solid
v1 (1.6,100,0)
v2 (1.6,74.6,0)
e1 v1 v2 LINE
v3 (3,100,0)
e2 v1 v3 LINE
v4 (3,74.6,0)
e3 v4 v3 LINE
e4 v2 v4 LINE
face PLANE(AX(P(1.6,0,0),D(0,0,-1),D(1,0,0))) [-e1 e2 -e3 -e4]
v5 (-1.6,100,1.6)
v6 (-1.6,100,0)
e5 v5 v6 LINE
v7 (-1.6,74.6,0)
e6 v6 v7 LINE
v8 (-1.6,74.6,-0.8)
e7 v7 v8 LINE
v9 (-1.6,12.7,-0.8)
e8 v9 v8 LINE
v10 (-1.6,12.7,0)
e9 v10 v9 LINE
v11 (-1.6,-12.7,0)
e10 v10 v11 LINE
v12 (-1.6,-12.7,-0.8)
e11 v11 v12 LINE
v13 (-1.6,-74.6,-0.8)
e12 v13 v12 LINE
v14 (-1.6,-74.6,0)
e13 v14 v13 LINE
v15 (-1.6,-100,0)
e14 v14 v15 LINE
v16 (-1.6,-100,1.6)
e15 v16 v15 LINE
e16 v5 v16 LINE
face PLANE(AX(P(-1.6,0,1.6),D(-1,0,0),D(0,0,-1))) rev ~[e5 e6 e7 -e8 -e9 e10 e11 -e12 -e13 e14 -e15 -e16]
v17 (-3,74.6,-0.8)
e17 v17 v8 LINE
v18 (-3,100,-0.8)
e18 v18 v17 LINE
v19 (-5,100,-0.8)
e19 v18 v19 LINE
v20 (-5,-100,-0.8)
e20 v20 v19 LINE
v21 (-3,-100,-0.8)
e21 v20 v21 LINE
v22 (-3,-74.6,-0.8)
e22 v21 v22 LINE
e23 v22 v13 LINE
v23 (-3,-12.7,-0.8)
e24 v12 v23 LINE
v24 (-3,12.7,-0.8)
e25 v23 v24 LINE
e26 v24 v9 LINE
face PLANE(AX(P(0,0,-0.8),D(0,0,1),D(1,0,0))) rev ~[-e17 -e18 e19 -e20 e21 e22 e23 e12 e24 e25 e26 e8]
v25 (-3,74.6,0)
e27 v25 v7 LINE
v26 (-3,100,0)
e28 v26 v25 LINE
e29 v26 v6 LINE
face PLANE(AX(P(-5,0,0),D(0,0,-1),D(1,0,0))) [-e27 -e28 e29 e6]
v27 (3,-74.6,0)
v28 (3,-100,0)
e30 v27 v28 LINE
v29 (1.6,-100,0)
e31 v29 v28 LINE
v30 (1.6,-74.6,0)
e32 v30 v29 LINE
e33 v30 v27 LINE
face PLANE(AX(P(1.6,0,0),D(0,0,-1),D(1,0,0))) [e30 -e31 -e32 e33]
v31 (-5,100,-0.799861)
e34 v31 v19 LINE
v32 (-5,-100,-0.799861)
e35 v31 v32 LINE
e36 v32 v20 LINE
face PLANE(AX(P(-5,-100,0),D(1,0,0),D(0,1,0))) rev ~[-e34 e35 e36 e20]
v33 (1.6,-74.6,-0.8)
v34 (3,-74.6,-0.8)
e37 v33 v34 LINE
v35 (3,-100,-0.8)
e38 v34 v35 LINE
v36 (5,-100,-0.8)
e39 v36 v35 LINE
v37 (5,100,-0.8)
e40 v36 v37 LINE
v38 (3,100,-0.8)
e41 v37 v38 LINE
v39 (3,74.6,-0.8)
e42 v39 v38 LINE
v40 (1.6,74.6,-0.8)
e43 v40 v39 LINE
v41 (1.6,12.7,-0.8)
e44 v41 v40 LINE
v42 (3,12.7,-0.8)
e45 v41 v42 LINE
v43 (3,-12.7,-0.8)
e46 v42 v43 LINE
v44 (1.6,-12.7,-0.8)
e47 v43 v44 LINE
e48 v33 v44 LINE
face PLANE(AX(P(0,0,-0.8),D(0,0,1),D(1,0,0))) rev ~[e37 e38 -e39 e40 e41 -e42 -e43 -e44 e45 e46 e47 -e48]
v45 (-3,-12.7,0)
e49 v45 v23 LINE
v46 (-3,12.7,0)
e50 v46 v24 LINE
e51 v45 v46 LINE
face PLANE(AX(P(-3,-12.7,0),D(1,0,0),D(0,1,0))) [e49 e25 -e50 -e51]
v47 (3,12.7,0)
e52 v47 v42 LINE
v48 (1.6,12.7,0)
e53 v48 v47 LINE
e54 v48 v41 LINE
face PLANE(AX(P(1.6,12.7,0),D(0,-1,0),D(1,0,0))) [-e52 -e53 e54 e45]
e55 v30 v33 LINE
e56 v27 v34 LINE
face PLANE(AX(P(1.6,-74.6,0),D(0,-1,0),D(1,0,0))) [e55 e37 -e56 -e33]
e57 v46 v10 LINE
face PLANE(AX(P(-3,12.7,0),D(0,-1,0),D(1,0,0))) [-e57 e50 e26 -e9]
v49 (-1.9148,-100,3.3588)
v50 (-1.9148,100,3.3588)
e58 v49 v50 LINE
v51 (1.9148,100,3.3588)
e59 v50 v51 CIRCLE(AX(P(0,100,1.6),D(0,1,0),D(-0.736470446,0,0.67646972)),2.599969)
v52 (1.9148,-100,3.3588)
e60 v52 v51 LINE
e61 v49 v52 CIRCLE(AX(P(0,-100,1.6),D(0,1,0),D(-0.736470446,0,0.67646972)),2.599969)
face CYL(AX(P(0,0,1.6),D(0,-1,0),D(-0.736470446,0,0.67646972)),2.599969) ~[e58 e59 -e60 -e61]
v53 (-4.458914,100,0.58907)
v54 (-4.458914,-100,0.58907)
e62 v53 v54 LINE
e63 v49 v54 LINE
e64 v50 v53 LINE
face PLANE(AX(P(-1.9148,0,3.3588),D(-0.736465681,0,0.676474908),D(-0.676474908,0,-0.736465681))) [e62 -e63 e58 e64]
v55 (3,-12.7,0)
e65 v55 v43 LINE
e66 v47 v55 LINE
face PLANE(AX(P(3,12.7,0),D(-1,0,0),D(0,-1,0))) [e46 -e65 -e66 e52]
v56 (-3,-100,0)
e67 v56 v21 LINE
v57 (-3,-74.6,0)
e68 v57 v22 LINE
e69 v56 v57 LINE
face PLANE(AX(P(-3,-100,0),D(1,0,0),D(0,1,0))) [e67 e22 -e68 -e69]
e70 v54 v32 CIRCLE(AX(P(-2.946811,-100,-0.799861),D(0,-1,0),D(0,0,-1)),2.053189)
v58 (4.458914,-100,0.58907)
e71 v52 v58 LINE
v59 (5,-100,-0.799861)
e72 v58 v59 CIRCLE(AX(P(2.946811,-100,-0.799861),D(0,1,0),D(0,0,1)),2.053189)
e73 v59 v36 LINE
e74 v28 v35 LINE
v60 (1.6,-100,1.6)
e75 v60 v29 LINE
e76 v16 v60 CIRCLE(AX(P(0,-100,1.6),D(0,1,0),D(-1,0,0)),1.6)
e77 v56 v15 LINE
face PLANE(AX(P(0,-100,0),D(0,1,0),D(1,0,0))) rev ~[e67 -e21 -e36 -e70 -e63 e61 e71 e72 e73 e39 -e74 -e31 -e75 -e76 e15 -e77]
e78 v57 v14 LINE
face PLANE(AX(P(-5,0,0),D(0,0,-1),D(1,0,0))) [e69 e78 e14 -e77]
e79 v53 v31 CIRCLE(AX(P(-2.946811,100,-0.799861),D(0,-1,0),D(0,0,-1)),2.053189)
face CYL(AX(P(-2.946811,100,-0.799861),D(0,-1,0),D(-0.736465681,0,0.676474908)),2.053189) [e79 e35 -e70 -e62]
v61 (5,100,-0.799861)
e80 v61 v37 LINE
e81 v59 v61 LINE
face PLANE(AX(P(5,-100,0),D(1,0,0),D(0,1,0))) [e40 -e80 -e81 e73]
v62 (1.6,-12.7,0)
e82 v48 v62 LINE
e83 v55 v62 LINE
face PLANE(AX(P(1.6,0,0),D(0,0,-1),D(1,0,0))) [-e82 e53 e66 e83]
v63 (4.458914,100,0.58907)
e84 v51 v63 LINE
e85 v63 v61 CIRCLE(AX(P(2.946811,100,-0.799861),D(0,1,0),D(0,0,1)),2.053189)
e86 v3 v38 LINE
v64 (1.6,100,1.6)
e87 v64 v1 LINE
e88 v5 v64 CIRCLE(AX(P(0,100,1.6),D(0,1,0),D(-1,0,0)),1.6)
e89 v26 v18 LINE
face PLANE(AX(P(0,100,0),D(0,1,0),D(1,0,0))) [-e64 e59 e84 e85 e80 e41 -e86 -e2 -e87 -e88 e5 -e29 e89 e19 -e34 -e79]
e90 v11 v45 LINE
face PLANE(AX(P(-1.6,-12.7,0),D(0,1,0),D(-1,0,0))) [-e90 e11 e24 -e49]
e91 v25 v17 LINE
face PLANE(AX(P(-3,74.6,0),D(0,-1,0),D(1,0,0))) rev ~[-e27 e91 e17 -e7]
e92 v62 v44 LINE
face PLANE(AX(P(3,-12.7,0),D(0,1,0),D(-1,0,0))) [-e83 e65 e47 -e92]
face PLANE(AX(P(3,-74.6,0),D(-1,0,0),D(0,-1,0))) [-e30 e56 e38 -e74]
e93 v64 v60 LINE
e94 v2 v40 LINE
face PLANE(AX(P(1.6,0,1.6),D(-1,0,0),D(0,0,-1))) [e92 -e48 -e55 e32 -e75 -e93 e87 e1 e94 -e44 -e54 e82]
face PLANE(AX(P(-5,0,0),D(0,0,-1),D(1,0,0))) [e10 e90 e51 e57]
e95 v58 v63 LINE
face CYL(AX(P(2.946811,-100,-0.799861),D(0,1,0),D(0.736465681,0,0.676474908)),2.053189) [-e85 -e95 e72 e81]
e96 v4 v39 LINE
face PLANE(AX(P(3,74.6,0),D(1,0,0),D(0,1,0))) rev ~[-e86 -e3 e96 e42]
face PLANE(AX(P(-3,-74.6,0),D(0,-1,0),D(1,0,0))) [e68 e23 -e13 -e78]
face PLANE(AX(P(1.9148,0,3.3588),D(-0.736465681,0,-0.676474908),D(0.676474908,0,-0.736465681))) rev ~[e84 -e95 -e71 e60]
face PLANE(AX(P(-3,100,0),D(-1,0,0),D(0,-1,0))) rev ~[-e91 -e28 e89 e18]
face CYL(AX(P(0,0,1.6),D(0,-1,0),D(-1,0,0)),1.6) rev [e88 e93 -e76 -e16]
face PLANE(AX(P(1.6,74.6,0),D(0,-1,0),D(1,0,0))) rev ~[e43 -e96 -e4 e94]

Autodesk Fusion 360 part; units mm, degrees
sketch "Sketch1" plane through (0, 0, 0) normal (0, 1, 0) x (1, 0, 0) in component "Main"
  arc A0 (-1.9148, -3.3588) -> (1.9148, -3.3588) centre (0, -1.6) ccw
  line L0 (-1.9148, -3.3588) -> (-5, 0)
  line L1 (1.9148, -3.3588) -> (5, 0)
  line L2 (-5, 0) -> (5, 0)
  line L3 (0, -1.6) -> (0, 0) construction
  circle A1 centre (0, -1.6) radius 1.5 construction
  arc A2 (-1.6, -1.6) -> (1.6, -1.6) centre (0, -1.6) ccw
  line L4 (-1.6, -1.6) -> (-1.6, 0)
  line L5 (1.6, -1.6) -> (1.6, 0)
  point P0 (0, -0.1)
  dimension "d3" = 0.1
  dimension "d4" = 3
  dimension "d5" = 0.1
  dimension "d6" = 1
  dimension "d7" = 85.137
  dimension "d12" = 10
extrude "Extrude1" add sketch "Sketch1" along normal mid plane 200 contours A0 L0 L1 L2 A2 L4 L5 in component "Main"
sketch "Sketch2" plane through (0, 0, 0) normal (0, 0, 1) x (1, 0, 0) in component "Main"
  line L0 (-5, -100) -> (-5, 100)
  line L1 (5, -100) -> (5, 100)
  line L2 (3, -100) -> (-3, -100)
  line L3 (-3, -100) -> (-3, -74.6)
  line L4 (-3, -74.6) -> (3, -74.6)
  line L5 (3, -74.6) -> (3, -100)
  line L6 (-5, -100) -> (3, -74.6) construction
  line L7 (5, -100) -> (-3, -74.6) construction
  line L8 (3, 100) -> (-3, 100)
  line L9 (-3, 100) -> (-3, 74.6)
  line L10 (-3, 74.6) -> (3, 74.6)
  line L11 (3, 74.6) -> (3, 100)
  line L12 (3, -12.7) -> (-3, -12.7)
  line L13 (-3, -12.7) -> (-3, 12.7)
  line L14 (-3, 12.7) -> (3, 12.7)
  line L15 (3, 12.7) -> (3, -12.7)
  line L16 (3, 0) -> (-3, 0) construction
  line L17 (-5, -100) -> (-3, -100)
  line L18 (5, -100) -> (3, -100)
  line L19 (5, 100) -> (3, 100)
  line L20 (-3, 100) -> (-5, 100)
  line L21 (1.6, -100) -> (1.6, 100)
  line L22 (-1.6, -100) -> (-1.6, 100)
  dimension "d17" = 25.4
  dimension "d18" = 2
  dimension "d19" = 25.4
  dimension "d20" = 25.4
extrude "Extrude2" add sketch "Sketch2" against normal blind 0.8 contours L0 L3 L4 L9 L10 L12 L13 L14 L17 L20 L22 | L1 L4 L5 L10 L11 L12 L14 L15 L18 L19 L21 in component "Main"
sketch "Sketch3" plane through (0, 0, 0) normal (0, 1, 0) x (1, 0, 0) in component "Main"
  line L0 (-5, 0) -> (-1.9148, -3.3588)
  line L1 (-5, 0.8) -> (-5, 0)
  arc A0 (-5, 0.8) -> (-4.4588, -0.5892) centre (-2.9464, 0.8) ccw
  line L2 (-5, 0.8) -> (-3, 0.8)
  dimension "d23" = 2.0536
fillet "Fillet1" radius 2.0536 2 edges at (-5, 0, 0) (5, 0, 0) in component "Main"
split "Split1" [suppressed] in component "Main"
extrude "Extrude3" [suppressed] in component "Main"
component "Main" placed x (1, 0, 0) y (0, 1, 0) z (0, 0, 1) at (0, 0, 0)
equation "d4 = CableDiameter"
equation "CableDiameter = 3 mm"
equation "BotWidth = 10 mm"
equation "d12 = BotWidth"
equation "GapWidth = 25.4 mm"
equation "d17 = GapWidth"
equation "d19 = GapWidth"
equation "d20 = GapWidth"
equation "d25 = d23"
